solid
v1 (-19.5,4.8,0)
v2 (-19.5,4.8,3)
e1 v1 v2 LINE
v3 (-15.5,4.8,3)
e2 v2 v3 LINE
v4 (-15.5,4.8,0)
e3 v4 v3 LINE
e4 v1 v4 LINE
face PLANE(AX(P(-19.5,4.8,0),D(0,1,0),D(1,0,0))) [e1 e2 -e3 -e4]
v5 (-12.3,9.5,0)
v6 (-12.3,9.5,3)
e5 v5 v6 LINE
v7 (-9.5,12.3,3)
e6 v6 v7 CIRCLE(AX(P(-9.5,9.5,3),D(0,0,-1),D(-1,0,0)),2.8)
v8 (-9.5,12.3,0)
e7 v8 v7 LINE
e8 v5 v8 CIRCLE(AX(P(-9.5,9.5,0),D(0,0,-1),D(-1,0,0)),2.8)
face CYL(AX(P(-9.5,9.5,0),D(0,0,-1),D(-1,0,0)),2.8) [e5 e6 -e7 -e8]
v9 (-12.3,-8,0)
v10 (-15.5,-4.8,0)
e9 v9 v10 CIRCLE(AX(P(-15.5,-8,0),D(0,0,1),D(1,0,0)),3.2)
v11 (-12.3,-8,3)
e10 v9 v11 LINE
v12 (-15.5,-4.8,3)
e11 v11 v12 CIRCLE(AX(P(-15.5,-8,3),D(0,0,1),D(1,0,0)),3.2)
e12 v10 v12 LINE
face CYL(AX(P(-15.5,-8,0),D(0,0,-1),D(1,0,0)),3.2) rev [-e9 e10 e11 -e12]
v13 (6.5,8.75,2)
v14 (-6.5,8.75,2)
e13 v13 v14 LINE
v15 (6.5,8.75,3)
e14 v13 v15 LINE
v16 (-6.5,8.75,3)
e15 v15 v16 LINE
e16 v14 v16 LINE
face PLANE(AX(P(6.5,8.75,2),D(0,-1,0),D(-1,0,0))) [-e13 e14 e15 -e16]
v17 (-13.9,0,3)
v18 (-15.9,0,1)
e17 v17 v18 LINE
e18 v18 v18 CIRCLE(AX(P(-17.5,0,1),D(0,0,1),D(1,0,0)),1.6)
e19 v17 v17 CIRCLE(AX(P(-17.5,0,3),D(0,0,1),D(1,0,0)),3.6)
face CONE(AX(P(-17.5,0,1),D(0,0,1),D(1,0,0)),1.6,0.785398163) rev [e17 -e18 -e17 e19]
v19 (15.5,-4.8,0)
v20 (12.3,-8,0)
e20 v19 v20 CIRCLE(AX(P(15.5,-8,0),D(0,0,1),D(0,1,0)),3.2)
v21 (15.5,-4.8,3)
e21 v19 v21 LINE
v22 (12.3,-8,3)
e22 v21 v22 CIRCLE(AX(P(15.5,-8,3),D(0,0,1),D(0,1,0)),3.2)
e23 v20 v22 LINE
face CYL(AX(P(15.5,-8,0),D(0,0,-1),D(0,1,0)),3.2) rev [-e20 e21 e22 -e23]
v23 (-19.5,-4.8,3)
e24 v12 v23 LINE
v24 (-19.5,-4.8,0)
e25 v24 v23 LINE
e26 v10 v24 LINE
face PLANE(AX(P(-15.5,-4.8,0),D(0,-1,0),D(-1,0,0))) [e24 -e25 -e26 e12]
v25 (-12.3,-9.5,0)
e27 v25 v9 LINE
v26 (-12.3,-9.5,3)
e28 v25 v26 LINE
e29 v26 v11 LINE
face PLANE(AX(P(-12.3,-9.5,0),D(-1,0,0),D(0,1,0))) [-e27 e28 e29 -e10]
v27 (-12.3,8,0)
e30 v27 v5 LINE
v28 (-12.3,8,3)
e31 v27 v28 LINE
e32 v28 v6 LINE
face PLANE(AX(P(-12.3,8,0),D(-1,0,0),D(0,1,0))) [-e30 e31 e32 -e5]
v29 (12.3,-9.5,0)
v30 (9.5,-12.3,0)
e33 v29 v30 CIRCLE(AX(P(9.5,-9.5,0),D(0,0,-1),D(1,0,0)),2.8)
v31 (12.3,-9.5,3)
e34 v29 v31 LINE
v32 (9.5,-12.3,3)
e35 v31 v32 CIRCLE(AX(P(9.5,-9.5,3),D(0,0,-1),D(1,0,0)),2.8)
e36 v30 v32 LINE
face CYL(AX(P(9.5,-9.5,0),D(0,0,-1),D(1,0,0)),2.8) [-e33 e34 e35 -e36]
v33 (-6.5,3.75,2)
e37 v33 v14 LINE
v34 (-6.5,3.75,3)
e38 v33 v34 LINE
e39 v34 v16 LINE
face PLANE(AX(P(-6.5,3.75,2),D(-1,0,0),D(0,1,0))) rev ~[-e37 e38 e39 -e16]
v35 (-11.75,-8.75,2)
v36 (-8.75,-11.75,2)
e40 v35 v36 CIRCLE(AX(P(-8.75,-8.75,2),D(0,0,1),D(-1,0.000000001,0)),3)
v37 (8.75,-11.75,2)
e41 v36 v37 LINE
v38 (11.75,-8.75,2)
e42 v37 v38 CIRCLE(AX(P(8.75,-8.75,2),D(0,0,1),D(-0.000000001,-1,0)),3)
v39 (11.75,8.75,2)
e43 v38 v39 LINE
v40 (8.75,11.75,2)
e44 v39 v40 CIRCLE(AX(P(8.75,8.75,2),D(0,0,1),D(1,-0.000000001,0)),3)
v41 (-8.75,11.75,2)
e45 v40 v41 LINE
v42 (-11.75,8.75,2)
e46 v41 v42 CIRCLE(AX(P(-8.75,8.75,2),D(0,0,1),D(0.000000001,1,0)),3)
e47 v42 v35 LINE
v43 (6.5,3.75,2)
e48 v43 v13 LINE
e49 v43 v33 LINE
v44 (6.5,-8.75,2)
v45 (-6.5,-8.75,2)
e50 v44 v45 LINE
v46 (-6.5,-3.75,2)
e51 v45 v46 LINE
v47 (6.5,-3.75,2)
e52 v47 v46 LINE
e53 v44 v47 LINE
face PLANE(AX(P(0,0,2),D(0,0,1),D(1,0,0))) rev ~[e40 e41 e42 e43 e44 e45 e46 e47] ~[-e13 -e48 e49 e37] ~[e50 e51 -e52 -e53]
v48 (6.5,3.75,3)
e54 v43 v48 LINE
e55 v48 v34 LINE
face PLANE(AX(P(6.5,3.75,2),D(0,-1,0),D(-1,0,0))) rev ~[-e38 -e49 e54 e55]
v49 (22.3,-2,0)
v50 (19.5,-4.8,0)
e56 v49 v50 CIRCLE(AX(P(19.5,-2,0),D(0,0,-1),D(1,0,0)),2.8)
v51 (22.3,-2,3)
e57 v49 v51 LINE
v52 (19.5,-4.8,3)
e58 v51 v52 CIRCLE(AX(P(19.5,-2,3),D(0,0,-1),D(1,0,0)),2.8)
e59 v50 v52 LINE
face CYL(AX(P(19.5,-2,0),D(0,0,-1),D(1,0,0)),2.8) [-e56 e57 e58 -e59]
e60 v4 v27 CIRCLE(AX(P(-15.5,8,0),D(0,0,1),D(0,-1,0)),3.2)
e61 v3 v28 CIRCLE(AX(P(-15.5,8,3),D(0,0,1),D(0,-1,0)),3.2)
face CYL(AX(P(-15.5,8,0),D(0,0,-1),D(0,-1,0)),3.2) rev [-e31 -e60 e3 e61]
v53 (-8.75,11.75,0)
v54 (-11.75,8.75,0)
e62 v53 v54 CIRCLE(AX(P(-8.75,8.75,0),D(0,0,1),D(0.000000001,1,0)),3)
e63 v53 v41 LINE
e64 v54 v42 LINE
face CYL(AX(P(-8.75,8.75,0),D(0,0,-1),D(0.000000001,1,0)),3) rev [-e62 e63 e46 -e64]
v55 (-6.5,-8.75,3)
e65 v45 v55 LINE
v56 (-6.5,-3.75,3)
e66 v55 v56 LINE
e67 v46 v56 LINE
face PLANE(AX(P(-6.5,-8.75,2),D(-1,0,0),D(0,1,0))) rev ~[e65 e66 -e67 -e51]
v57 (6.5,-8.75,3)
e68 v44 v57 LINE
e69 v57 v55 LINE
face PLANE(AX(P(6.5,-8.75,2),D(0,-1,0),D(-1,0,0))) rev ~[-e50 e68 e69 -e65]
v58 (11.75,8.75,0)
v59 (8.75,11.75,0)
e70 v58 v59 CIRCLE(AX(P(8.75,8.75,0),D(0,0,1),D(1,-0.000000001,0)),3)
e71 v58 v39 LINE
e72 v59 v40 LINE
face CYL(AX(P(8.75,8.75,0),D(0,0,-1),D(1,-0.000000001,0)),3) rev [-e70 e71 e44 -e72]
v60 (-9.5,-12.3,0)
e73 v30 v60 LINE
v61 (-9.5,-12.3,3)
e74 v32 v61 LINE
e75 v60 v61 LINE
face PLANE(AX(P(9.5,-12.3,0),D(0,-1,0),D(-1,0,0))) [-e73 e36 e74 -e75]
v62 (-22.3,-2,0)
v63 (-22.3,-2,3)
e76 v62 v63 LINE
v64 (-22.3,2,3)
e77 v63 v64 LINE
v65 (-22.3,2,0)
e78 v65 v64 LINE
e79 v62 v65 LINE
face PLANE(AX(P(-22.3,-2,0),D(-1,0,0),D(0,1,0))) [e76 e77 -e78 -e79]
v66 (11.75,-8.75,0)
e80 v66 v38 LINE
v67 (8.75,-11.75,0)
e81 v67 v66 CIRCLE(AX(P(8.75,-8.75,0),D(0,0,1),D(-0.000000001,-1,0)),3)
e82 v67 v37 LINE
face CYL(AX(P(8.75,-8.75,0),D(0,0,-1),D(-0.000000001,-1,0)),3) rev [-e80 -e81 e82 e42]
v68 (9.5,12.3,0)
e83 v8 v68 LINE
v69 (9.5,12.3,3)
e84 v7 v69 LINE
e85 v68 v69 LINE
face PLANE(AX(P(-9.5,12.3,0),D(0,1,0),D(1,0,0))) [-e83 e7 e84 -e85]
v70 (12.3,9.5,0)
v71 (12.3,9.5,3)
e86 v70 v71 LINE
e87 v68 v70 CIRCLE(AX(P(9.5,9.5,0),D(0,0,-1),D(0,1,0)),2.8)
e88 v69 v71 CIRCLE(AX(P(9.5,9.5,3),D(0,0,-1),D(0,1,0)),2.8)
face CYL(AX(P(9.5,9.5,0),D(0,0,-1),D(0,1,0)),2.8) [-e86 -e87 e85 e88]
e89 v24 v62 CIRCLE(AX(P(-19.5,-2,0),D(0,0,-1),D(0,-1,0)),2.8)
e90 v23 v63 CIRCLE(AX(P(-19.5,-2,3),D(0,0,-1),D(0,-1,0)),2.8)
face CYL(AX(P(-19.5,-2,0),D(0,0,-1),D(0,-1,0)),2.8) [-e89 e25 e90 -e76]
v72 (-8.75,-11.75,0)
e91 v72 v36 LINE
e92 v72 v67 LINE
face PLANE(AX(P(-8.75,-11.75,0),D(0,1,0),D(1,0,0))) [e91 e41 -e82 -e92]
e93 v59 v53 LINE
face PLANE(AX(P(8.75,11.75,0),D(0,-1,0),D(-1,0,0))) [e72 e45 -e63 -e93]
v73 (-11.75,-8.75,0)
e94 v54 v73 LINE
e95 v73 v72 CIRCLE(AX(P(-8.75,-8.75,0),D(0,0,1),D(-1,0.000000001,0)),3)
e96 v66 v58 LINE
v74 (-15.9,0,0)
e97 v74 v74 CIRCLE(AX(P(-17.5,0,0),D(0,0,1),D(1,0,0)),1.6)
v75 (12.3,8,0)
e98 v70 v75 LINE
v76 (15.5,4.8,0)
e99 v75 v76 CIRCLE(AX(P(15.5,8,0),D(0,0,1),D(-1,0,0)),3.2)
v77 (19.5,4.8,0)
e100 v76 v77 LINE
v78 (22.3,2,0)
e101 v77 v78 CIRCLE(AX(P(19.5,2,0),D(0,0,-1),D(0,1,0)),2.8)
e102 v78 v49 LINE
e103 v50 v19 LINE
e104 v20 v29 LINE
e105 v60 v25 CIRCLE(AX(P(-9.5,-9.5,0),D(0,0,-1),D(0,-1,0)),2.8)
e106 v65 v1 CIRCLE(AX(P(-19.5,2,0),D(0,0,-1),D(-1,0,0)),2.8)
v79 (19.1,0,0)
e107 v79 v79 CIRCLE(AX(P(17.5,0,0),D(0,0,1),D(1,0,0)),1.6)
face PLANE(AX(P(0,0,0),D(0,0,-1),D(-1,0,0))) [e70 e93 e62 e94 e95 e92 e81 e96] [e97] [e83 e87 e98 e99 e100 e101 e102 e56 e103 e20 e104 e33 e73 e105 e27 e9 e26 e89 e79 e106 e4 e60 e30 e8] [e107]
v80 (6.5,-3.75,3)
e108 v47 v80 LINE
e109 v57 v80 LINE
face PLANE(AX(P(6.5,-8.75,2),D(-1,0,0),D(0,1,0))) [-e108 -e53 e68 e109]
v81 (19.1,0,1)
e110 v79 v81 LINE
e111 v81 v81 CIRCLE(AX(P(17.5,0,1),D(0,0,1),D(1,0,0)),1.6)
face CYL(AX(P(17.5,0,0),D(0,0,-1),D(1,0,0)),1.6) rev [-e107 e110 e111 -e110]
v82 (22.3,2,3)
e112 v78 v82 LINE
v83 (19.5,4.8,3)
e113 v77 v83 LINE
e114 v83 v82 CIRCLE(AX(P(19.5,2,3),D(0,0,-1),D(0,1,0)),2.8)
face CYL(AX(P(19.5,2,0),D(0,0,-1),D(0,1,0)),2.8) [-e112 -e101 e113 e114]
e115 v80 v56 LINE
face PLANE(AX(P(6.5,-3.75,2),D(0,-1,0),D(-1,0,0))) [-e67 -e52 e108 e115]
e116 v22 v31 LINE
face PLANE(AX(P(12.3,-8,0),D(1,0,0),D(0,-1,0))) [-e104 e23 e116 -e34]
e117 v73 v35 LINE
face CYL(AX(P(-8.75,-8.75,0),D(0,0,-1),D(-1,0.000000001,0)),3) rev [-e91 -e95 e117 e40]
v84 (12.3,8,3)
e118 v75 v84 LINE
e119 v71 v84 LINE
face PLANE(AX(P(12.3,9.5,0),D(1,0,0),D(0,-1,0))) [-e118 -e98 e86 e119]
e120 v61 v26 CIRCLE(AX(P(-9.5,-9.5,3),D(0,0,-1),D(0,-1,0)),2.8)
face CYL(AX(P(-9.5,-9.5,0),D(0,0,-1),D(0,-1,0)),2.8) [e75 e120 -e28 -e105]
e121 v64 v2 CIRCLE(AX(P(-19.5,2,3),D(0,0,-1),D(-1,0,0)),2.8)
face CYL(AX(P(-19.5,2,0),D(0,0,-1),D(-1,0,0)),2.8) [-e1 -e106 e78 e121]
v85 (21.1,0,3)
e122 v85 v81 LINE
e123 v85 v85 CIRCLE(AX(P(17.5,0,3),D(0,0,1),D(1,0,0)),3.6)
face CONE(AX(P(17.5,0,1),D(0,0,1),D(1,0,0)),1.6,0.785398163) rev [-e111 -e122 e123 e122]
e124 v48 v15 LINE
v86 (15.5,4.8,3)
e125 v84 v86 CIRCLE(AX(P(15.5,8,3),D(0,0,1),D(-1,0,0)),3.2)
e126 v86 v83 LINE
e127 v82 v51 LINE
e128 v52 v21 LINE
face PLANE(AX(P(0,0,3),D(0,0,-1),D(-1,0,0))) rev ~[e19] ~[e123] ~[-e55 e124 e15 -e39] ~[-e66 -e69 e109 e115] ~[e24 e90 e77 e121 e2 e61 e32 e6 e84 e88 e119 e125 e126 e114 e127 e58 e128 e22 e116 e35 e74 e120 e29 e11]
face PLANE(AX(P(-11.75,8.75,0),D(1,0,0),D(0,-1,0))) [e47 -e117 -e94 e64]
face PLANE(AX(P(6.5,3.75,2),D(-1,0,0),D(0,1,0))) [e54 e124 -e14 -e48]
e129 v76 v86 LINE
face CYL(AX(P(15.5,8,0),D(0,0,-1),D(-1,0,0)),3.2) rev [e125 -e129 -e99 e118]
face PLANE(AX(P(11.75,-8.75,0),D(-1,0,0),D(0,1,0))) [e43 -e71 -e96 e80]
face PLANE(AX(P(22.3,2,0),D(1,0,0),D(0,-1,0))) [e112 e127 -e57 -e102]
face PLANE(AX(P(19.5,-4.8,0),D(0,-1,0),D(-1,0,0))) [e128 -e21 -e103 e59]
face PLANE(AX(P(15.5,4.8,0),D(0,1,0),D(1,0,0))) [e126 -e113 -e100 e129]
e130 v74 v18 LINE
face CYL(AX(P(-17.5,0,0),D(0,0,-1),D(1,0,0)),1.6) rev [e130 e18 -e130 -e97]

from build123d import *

# Parameters (mm, degrees)
ESQUISSE1_R             = 1.6
BOSS_EXTRU_1_DEPTH      = 3
ENL_V_MAT_EXTRU_1_DEPTH = 2
ESQUISSE4_W             = 13
ESQUISSE4_H             = 5
ENL_V_MAT_EXTRU_2_DEPTH = 26.545645421
CHANFREIN1_SIZE         = 2


with BuildPart() as part:
    # Esquisse1 → Boss.-Extru.1 (new body)
    with BuildSketch(Plane.XY):
        with BuildLine():
            Line((-9.5, 12.3), (9.5, 12.3))
            ThreePointArc((9.5, 12.3), (11.479898987, 11.479898987), (12.3, 9.5))
            Line((12.3, 9.5), (12.3, 8))
            ThreePointArc((12.3, 8), (13.2372583, 5.7372583), (15.5, 4.8))
            Line((15.5, 4.8), (19.5, 4.8))
            ThreePointArc((19.5, 4.8), (21.479898987, 3.979898987), (22.3, 2))
            Line((22.3, 2), (22.3, -2))
            ThreePointArc((22.3, -2), (21.479898987, -3.979898987), (19.5, -4.8))
            Line((19.5, -4.8), (15.5, -4.8))
            ThreePointArc((15.5, -4.8), (13.2372583, -5.7372583), (12.3, -8))
            Line((12.3, -8), (12.3, -9.5))
            ThreePointArc((12.3, -9.5), (11.479898987, -11.479898987), (9.5, -12.3))
            Line((9.5, -12.3), (-9.5, -12.3))
            ThreePointArc((-9.5, -12.3), (-11.479898987, -11.479898987), (-12.3, -9.5))
            Line((-12.3, -9.5), (-12.3, -8))
            ThreePointArc((-12.3, -8), (-13.2372583, -5.7372583), (-15.5, -4.8))
            Line((-15.5, -4.8), (-19.5, -4.8))
            ThreePointArc((-19.5, -4.8), (-21.479898987, -3.979898987), (-22.3, -2))
            Line((-22.3, -2), (-22.3, 2))
            ThreePointArc((-22.3, 2), (-21.479898987, 3.979898987), (-19.5, 4.8))
            Line((-19.5, 4.8), (-15.5, 4.8))
            ThreePointArc((-15.5, 4.8), (-13.2372583, 5.7372583), (-12.3, 8))
            Line((-12.3, 8), (-12.3, 9.5))
            ThreePointArc((-12.3, 9.5), (-11.479898987, 11.479898987), (-9.5, 12.3))
        make_face()
        with Locations((-17.5, 0)):
            Circle(ESQUISSE1_R, mode=Mode.SUBTRACT)
        with Locations((17.5, 0)):
            Circle(ESQUISSE1_R, mode=Mode.SUBTRACT)
    extrude(amount=BOSS_EXTRU_1_DEPTH)

    # Esquisse2 → Enlèv. mat.-Extru.1 (cut)
    with BuildSketch(Plane(origin=(0, 0, 0), x_dir=(-1, 0, 0), z_dir=(0, 0, -1))):
        with BuildLine():
            Line((-8.75, 11.75), (8.75, 11.75))
            ThreePointArc((8.75, 11.75), (10.871320344, 10.871320344), (11.75, 8.75))
            Line((11.75, 8.75), (11.75, -8.75))
            ThreePointArc((11.75, -8.75), (10.871320344, -10.871320344), (8.75, -11.75))
            Line((8.75, -11.75), (-8.75, -11.75))
            ThreePointArc((-8.75, -11.75), (-10.871320344, -10.871320344), (-11.75, -8.75))
            Line((-11.75, -8.75), (-11.75, 8.75))
            ThreePointArc((-11.75, 8.75), (-10.871320344, 10.871320344), (-8.75, 11.75))
        make_face()
    extrude(amount=-ENL_V_MAT_EXTRU_1_DEPTH, mode=Mode.SUBTRACT)

    # Esquisse4 → Enlèv. mat.-Extru.2 (cut, through all)
    with BuildSketch(Plane(origin=(0, 0, 2), x_dir=(-1, 0, 0), z_dir=(0, 0, -1))):
        with Locations((0, 6.25)):
            Rectangle(ESQUISSE4_W, ESQUISSE4_H)
        with Locations((0, -6.25)):
            Rectangle(ESQUISSE4_W, ESQUISSE4_H)
    extrude(amount=-ENL_V_MAT_EXTRU_2_DEPTH, mode=Mode.SUBTRACT)

    # Chanfrein1
    chanfrein1_edges = [part.edges().sort_by_distance(p)[0] for p in [
        (-19.1, 0, 3),
        (15.9, 0, 3),
    ]]
    chamfer(chanfrein1_edges, length=CHANFREIN1_SIZE)


solid = part.part
